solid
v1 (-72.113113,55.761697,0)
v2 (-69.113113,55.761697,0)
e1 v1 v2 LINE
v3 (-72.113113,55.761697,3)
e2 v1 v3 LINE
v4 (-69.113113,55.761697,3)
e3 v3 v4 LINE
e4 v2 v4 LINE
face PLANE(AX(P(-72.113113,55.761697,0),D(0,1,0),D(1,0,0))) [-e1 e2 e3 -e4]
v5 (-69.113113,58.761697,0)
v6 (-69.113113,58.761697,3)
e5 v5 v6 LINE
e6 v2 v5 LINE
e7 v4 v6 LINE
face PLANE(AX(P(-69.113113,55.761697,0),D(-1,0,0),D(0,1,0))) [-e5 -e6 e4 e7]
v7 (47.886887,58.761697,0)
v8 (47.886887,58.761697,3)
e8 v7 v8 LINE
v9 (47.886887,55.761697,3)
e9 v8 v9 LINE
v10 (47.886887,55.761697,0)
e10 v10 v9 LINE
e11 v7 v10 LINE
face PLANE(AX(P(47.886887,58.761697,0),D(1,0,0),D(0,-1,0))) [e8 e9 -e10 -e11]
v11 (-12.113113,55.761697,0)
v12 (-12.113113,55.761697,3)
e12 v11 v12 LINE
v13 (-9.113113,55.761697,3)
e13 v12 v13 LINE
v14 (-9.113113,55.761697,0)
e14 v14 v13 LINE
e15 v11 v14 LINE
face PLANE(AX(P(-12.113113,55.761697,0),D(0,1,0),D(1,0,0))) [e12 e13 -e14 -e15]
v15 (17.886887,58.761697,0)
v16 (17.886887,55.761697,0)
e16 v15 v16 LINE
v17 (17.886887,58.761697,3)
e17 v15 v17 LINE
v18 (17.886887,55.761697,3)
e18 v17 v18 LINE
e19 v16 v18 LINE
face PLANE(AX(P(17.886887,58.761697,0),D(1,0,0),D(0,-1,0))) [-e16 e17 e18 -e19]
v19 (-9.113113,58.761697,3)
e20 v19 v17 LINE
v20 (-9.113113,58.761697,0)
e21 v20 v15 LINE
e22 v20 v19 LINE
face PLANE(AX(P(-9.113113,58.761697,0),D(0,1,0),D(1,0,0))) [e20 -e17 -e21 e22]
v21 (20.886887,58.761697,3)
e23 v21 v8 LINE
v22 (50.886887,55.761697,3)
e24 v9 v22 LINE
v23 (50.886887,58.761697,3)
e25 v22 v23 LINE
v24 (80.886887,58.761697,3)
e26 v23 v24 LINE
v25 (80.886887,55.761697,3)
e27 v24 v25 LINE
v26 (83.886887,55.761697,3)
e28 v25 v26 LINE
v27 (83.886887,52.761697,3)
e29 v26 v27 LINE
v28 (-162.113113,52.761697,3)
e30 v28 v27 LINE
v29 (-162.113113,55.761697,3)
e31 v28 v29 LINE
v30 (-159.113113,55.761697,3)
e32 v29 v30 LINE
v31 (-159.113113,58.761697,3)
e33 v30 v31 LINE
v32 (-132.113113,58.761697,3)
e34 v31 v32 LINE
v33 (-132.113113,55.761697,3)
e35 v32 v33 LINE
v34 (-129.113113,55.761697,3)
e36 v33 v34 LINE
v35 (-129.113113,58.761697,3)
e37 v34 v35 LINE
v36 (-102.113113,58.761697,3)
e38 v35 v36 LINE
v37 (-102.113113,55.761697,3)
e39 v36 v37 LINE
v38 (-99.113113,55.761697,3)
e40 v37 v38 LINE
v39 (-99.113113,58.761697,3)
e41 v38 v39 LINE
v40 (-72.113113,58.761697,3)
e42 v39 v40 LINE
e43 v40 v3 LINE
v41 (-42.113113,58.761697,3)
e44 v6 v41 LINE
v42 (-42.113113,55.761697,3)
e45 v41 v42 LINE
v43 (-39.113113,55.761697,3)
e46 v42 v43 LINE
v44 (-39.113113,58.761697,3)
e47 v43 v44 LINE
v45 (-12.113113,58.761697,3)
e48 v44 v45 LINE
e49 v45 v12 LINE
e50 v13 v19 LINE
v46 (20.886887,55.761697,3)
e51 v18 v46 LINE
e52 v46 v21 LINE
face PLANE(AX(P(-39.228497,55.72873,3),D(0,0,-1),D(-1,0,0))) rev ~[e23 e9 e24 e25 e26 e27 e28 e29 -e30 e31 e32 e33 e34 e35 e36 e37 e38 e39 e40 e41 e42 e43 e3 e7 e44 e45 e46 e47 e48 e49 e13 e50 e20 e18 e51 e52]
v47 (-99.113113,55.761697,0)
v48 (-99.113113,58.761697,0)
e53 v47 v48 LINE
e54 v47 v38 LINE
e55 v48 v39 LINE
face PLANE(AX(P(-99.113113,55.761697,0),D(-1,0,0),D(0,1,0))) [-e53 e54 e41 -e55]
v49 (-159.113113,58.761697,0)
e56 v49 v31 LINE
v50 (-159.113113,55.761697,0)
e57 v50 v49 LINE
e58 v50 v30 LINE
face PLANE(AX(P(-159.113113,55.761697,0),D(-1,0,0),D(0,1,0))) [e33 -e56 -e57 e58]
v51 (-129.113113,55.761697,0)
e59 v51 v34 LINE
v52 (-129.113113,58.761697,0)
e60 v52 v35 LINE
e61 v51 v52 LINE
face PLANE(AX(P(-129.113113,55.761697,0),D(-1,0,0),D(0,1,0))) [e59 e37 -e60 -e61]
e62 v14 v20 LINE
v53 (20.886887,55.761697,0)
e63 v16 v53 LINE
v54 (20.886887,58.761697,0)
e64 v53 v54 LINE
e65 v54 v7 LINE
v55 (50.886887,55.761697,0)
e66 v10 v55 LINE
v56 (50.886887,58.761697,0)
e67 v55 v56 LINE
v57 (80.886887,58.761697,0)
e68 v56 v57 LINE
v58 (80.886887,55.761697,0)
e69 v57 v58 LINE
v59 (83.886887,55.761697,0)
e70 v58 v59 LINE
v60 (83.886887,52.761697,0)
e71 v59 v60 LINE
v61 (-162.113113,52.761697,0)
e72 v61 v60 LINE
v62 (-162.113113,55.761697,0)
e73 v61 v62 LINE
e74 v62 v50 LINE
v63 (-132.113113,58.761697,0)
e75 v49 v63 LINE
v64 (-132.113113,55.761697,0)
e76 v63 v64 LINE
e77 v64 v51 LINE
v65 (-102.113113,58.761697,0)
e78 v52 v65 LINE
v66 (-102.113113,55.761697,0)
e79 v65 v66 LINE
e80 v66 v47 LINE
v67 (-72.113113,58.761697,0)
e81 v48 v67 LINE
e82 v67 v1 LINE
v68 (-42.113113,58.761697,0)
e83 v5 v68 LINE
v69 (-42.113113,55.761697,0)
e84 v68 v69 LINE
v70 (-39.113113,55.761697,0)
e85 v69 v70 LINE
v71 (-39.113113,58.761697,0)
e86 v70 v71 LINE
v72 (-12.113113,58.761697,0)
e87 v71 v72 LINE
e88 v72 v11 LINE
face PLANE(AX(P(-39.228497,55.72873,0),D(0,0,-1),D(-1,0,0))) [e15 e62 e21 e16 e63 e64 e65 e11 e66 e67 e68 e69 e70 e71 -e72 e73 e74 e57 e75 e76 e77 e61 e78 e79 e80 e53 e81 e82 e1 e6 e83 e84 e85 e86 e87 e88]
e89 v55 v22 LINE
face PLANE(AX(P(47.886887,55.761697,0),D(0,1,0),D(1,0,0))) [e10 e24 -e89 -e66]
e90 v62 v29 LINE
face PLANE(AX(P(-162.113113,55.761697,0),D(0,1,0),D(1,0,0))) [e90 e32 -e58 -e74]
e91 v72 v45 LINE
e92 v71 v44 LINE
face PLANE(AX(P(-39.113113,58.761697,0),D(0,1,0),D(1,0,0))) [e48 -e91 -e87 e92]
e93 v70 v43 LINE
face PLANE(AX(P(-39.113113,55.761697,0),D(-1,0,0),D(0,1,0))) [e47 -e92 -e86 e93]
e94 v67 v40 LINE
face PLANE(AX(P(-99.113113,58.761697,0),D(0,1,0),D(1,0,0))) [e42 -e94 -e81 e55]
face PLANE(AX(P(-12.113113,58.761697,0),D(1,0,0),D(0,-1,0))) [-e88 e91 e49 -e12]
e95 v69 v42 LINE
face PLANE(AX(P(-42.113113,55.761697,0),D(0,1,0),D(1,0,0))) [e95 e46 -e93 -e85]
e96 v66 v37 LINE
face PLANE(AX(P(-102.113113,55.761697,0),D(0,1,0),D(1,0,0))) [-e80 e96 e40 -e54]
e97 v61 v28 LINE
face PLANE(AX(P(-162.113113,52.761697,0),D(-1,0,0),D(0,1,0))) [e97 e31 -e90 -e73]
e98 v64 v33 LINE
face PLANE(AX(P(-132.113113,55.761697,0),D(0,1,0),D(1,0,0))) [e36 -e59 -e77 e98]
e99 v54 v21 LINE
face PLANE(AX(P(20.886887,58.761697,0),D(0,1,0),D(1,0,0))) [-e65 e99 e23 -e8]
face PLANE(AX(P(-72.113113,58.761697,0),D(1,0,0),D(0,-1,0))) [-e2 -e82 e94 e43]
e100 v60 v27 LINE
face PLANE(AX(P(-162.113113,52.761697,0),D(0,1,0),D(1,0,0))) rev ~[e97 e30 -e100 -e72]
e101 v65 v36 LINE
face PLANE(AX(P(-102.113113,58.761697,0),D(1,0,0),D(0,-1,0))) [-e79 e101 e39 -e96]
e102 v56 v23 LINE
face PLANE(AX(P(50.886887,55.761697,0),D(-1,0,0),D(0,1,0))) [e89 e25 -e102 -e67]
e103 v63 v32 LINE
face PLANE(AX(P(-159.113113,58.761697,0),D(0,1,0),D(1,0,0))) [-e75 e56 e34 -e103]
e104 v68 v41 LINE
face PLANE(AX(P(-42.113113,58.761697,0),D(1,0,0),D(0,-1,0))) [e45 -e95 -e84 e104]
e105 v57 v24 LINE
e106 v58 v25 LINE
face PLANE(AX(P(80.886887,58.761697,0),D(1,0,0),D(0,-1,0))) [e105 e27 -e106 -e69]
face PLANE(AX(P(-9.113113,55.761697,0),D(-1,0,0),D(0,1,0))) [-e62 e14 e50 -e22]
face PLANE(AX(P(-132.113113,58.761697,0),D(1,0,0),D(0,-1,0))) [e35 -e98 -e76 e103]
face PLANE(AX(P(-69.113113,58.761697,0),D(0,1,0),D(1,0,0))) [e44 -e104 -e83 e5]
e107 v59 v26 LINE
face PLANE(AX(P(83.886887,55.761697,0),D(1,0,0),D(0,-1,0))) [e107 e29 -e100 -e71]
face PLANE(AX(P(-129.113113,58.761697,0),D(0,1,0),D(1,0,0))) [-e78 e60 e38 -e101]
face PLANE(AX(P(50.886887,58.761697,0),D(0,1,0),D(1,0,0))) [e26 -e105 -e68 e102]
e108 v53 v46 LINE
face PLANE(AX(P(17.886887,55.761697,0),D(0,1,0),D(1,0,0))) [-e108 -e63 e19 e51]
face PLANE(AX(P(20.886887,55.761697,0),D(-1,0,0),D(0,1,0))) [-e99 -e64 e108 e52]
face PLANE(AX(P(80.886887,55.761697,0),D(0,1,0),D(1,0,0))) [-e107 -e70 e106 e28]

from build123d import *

# Parameters (mm, degrees)
BOSS_EXTRUDE1_DEPTH = 3


with BuildPart() as part:
    # Sketch1 → Boss-Extrude1 (new body)
    with BuildSketch(Plane.XY):
        Polygon((-159.113112534, 58.761697125), (-132.113112534, 58.761697125), (-132.113112534, 55.761697125), (-129.113112534, 55.761697125), (-129.113112534, 58.761697125), (-102.113112534, 58.761697125), (-102.113112534, 55.761697125), (-99.113112534, 55.761697125), (-99.113112534, 58.761697125), (-72.113112534, 58.761697125), (-72.113112534, 55.761697125), (-69.113112534, 55.761697125), (-69.113112534, 58.761697125), (-42.113112534, 58.761697125), (-42.113112534, 55.761697125), (-39.113112534, 55.761697125), (-39.113112534, 58.761697125), (-12.113112534, 58.761697125), (-12.113112534, 55.761697125), (-9.113112534, 55.761697125), (-9.113112534, 58.761697125), (17.886887466, 58.761697125), (17.886887466, 55.761697125), (20.886887466, 55.761697125), (20.886887466, 58.761697125), (47.886887466, 58.761697125), (47.886887466, 55.761697125), (50.886887466, 55.761697125), (50.886887466, 58.761697125), (80.886887466, 58.761697125), (80.886887466, 55.761697125), (83.886887466, 55.761697125), (83.886887466, 52.761697125), (80.886887466, 52.761697125), (-159.113112534, 52.761697125), (-162.113112534, 52.761697125), (-162.113112534, 55.761697125), (-159.113112534, 55.761697125), align=None)
    extrude(amount=BOSS_EXTRUDE1_DEPTH)


solid = part.part
